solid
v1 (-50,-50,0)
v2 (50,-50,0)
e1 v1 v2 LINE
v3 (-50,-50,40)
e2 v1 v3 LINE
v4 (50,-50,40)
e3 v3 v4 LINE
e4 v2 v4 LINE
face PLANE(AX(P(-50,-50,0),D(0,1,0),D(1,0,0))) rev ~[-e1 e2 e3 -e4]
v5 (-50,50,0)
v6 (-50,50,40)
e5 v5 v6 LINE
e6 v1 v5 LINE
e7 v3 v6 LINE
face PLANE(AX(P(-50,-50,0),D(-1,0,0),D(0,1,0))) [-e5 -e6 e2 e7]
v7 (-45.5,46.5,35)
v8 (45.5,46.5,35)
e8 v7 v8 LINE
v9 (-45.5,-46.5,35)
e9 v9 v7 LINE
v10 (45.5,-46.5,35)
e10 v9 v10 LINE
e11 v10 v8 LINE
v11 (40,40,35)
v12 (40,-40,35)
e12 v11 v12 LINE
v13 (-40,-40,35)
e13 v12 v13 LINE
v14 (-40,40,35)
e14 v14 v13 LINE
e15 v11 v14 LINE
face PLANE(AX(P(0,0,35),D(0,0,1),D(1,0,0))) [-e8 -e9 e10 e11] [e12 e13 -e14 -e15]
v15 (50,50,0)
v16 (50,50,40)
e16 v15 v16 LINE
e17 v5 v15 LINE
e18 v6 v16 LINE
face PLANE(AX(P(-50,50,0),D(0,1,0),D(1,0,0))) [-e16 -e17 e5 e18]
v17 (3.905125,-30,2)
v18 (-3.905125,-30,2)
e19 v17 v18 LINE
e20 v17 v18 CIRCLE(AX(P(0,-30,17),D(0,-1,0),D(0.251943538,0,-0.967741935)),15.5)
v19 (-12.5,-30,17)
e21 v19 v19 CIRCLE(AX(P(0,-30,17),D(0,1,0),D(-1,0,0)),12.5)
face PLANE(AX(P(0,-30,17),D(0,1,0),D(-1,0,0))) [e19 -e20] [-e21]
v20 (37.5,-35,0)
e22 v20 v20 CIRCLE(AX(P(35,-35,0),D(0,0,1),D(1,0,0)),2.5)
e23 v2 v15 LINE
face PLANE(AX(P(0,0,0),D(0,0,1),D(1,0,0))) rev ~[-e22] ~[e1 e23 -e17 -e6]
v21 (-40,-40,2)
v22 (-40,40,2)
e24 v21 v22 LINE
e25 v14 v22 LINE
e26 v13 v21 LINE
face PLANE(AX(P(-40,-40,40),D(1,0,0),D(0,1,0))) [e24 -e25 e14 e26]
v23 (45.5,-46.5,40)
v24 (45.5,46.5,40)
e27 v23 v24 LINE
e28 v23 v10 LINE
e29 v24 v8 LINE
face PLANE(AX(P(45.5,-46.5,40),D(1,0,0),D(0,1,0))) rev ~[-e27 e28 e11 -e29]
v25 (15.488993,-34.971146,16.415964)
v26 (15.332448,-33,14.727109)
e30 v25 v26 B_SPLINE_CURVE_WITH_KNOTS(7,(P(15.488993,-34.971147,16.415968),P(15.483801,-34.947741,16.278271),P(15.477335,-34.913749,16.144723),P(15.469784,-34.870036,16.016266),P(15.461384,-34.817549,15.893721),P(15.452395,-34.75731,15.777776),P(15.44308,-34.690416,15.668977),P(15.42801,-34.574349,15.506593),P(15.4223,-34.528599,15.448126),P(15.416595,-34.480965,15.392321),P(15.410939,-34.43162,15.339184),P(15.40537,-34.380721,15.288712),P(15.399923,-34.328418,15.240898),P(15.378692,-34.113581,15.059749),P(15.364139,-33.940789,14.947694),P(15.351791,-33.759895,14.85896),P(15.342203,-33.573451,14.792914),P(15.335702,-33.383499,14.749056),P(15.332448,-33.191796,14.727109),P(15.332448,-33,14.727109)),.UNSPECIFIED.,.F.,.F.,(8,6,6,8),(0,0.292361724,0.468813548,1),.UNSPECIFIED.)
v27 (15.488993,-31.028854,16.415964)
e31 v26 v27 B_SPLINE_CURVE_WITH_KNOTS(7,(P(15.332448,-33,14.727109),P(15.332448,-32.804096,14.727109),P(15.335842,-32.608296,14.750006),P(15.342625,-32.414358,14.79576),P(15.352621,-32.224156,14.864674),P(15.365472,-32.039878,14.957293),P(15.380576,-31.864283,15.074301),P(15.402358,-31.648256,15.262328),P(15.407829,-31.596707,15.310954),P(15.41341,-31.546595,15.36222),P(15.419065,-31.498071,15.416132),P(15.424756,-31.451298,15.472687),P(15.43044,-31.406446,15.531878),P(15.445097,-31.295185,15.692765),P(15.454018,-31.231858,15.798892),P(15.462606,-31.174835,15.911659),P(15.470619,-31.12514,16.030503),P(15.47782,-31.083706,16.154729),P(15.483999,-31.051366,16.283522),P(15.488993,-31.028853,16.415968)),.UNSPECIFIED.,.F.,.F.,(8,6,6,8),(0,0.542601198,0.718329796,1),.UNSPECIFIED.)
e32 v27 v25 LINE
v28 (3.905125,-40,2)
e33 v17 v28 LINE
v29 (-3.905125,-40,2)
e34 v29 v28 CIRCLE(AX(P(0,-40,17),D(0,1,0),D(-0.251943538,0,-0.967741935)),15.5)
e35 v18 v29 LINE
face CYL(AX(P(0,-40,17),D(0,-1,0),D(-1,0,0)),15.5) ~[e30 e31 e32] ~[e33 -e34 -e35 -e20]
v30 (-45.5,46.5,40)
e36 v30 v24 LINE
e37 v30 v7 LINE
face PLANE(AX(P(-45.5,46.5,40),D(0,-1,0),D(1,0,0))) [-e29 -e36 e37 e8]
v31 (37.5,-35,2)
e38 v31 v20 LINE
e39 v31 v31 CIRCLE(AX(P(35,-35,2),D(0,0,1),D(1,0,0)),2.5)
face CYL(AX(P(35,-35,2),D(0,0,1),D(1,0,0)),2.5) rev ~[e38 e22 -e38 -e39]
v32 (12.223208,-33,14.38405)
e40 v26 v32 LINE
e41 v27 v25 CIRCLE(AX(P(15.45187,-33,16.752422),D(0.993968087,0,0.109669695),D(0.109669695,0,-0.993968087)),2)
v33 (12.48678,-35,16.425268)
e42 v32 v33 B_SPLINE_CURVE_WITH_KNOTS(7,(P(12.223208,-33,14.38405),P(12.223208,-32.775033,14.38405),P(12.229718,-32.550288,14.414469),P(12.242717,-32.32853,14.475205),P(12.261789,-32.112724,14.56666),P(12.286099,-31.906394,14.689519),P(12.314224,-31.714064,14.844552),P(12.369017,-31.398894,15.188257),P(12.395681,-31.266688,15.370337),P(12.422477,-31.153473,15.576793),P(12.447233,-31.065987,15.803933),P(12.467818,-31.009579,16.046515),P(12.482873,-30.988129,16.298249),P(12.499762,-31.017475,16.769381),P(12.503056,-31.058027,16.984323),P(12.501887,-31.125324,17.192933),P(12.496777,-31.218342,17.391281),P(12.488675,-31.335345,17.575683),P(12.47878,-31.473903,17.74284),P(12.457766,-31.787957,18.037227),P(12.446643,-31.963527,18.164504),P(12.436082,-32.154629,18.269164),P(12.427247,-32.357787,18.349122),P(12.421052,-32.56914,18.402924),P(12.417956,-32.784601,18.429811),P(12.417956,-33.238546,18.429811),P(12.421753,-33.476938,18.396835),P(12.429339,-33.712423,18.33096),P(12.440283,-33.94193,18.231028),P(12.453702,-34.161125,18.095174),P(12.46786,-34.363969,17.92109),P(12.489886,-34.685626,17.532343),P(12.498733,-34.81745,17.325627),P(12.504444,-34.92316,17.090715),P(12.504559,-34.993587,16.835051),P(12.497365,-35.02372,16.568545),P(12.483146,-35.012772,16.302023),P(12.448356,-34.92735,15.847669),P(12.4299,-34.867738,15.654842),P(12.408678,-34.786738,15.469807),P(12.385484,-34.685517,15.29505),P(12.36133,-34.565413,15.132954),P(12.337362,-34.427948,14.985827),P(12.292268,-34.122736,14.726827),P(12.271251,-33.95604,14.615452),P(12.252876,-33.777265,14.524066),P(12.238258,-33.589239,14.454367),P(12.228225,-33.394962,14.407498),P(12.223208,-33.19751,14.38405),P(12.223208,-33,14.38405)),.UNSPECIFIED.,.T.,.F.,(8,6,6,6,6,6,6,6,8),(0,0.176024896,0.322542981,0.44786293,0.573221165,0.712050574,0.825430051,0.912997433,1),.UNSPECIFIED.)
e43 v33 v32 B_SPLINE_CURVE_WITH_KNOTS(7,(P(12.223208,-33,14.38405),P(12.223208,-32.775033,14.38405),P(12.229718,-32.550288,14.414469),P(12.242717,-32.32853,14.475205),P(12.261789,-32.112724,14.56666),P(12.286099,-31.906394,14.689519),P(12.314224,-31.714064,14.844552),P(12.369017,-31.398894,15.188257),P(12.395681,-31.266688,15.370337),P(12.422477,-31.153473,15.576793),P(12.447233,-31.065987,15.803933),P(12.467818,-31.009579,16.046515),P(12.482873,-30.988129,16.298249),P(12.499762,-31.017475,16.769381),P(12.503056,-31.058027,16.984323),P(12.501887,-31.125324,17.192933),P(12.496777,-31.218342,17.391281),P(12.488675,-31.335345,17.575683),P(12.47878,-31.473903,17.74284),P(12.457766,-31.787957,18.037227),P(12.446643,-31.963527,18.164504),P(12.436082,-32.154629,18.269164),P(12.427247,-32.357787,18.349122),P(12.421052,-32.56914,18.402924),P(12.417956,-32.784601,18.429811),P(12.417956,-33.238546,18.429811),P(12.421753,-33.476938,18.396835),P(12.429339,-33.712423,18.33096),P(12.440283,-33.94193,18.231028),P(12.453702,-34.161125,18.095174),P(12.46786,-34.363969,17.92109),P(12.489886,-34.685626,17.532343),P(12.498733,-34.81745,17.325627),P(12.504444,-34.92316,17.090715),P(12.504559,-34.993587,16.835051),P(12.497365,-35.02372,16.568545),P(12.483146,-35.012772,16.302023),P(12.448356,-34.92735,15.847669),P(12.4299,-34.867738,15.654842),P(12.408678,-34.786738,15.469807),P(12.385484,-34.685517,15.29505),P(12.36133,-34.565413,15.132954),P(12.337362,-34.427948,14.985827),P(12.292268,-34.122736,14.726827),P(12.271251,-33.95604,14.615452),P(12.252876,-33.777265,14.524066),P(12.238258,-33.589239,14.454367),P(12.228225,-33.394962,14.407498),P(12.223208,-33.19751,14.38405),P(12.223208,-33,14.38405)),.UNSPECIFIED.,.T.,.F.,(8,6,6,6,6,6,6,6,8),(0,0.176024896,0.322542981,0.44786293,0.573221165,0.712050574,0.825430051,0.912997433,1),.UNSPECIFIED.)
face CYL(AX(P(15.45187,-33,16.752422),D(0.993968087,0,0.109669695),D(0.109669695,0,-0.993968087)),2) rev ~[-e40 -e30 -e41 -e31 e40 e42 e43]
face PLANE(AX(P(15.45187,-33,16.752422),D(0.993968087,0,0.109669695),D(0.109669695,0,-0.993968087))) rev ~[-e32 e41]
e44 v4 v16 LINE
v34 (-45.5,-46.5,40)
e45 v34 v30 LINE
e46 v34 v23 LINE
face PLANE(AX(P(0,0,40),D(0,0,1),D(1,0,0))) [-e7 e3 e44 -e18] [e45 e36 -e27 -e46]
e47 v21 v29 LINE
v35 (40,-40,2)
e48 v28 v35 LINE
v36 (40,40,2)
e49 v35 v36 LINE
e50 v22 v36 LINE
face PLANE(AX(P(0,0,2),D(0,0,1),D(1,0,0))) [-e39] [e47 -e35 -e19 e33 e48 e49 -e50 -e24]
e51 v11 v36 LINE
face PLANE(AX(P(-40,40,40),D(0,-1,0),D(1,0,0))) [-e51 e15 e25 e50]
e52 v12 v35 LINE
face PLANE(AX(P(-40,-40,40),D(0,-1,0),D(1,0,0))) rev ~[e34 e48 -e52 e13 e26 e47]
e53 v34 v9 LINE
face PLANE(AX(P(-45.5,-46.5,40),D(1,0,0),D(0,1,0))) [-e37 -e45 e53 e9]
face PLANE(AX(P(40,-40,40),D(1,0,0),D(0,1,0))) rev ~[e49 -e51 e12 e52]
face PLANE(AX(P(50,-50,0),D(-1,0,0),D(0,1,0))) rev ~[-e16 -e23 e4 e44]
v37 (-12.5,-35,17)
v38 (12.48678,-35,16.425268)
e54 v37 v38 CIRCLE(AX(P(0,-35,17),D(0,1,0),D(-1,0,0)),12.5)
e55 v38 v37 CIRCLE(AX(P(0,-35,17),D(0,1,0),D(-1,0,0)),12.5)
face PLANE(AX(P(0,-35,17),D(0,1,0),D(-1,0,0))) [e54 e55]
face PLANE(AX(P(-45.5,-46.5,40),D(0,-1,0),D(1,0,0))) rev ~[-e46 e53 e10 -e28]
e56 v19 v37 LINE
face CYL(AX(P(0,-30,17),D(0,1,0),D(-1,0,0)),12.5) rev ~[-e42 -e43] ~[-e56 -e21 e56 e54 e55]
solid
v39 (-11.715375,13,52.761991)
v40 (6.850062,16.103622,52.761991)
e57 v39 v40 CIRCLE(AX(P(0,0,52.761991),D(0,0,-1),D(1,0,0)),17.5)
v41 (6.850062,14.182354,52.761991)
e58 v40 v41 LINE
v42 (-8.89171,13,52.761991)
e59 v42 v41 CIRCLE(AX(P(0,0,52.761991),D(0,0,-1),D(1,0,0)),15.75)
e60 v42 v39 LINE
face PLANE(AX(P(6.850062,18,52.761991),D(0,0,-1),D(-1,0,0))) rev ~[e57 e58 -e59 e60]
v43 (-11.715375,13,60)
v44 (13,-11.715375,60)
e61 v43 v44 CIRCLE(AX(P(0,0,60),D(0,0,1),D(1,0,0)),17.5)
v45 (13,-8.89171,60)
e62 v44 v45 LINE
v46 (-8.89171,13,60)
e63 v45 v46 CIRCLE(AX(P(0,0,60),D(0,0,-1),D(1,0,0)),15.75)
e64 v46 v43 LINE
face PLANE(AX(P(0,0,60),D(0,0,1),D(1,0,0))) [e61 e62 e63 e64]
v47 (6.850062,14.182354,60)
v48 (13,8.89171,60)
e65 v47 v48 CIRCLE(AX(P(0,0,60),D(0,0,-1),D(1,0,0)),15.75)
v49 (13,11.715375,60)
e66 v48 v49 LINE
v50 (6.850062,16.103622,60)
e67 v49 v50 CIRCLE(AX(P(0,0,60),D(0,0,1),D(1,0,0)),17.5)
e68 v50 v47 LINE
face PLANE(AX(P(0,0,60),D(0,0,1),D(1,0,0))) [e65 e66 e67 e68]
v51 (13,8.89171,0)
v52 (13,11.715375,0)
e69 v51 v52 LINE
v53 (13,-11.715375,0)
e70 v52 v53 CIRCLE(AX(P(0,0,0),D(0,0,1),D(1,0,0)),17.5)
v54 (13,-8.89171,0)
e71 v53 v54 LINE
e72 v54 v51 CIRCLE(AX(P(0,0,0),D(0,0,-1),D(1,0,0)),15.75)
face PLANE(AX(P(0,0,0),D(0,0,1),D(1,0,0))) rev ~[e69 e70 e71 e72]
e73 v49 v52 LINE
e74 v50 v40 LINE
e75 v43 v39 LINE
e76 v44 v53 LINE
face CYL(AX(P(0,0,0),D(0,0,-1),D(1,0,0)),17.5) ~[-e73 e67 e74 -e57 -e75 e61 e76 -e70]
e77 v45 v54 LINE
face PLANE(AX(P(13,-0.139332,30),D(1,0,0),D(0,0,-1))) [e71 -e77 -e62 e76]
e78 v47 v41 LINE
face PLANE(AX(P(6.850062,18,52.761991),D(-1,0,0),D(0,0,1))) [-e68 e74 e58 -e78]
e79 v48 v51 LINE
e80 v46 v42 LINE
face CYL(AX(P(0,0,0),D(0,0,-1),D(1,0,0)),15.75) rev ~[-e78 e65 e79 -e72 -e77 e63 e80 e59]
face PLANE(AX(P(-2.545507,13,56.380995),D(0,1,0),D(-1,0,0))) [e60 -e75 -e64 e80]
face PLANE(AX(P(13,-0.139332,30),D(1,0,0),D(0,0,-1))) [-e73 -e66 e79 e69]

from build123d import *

# Parameters (mm, degrees)
SKETCH_W        = 100
SKETCH_H        = 100
PAD_DEPTH       = 40
SKETCH001_W     = 80
SKETCH001_H     = 80
POCKET_DEPTH    = 38
SKETCH002_W     = 91
SKETCH002_H     = 93
POCKET001_DEPTH = 5
SKETCH003_R     = 15.5
PAD001_DEPTH    = 10
SKETCH004_R     = 12.5
POCKET002_DEPTH = 5
SKETCH005_R     = 2
POCKET003_DEPTH = 5
SKETCH006_R     = 2.5
POCKET004_DEPTH = 5
SKETCH007_R     = 17.5
PAD002_DEPTH    = 60
SKETCH008_R     = 15.75
POCKET005_DEPTH = 60.001
SKETCH009_W     = 60
SKETCH009_H     = 25
POCKET006_DEPTH = 5
SKETCH010_W     = 18.791137
SKETCH010_H     = 7.238009
POCKET007_DEPTH = 5


with BuildPart() as body:
    # Sketch → Pad (new body)
    with BuildSketch(Plane.XY):
        Rectangle(SKETCH_W, SKETCH_H)
    extrude(amount=PAD_DEPTH)

    # Sketch001 (on Face6 of Pad) → Pocket (cut)
    with BuildSketch(Plane.XY.offset(40)):
        Rectangle(SKETCH001_W, SKETCH001_H)
    extrude(amount=-POCKET_DEPTH, mode=Mode.SUBTRACT)

    # Sketch002 (on Face5 of Pocket) → Pocket001 (cut)
    with BuildSketch(Plane.XY.offset(40)):
        Rectangle(SKETCH002_W, SKETCH002_H)
    extrude(amount=-POCKET001_DEPTH, mode=Mode.SUBTRACT)

    # Sketch003 (on Face12 of Pocket001) → Pad001 (join)
    with BuildSketch(Plane(origin=(0, -40, 0), x_dir=(-1, 0, 0), z_dir=(0, 1, 0))):
        with Locations((0, 17)):
            Circle(SKETCH003_R)
    extrude(amount=PAD001_DEPTH)

    # Sketch004 (on Face19 of Pad001) → Pocket002 (cut)
    with BuildSketch(Plane(origin=(0, -30, 0), x_dir=(-1, 0, 0), z_dir=(0, 1, 0))):
        with Locations((0, 17)):
            Circle(SKETCH004_R)
    extrude(amount=-POCKET002_DEPTH, mode=Mode.SUBTRACT)

    # Sketch005 (on DatumPlane) → Pocket003 (cut)
    with BuildSketch(Plane(origin=(16.0239037276, -33, 11.567913256), x_dir=(0.1096696952, 0, -0.993968087), z_dir=(0.993968087, 0, 0.1096696952))):
        with Locations((-5.215971, 0)):
            Circle(SKETCH005_R)
    extrude(amount=-POCKET003_DEPTH, mode=Mode.SUBTRACT)

    # Sketch006 (on Face16 of Pocket003) → Pocket004 (cut)
    with BuildSketch(Plane.XY.offset(2)):
        with Locations((35, -35)):
            Circle(SKETCH006_R)
    extrude(amount=-POCKET004_DEPTH, mode=Mode.SUBTRACT)


with BuildPart() as body001:
    # Sketch007 → Pad002 (new body)
    with BuildSketch(Plane.XY):
        Circle(SKETCH007_R)
    extrude(amount=PAD002_DEPTH)

    # Sketch008 (on Face2 of Pad002) → Pocket005 (cut, through all)
    with BuildSketch(Plane(origin=(0, 0, 0), x_dir=(1, 0, 0), z_dir=(0, 0, -1))):
        Circle(SKETCH008_R)
    extrude(amount=-POCKET005_DEPTH, mode=Mode.SUBTRACT)

    # Sketch009 (on DatumPlane) → Pocket006 (cut)
    with BuildSketch(Plane(origin=(18, 0, 30), x_dir=(0, 0, -1), z_dir=(1, 0, 0))):
        with Locations((0, -0.1393321247)):
            Rectangle(SKETCH009_W, SKETCH009_H)
    extrude(amount=-POCKET006_DEPTH, mode=Mode.SUBTRACT)

    # Sketch010 (on DatumPlane) → Pocket007 (cut)
    with BuildSketch(Plane(origin=(-4.8649371499, 18, 30), x_dir=(-1, 0, 0), z_dir=(0, 1, 0))):
        with Locations((-2.3194305, 26.3809955)):
            Rectangle(SKETCH010_W, SKETCH010_H)
    extrude(amount=-POCKET007_DEPTH, mode=Mode.SUBTRACT)


solid = Compound([body.part, body001.part])
